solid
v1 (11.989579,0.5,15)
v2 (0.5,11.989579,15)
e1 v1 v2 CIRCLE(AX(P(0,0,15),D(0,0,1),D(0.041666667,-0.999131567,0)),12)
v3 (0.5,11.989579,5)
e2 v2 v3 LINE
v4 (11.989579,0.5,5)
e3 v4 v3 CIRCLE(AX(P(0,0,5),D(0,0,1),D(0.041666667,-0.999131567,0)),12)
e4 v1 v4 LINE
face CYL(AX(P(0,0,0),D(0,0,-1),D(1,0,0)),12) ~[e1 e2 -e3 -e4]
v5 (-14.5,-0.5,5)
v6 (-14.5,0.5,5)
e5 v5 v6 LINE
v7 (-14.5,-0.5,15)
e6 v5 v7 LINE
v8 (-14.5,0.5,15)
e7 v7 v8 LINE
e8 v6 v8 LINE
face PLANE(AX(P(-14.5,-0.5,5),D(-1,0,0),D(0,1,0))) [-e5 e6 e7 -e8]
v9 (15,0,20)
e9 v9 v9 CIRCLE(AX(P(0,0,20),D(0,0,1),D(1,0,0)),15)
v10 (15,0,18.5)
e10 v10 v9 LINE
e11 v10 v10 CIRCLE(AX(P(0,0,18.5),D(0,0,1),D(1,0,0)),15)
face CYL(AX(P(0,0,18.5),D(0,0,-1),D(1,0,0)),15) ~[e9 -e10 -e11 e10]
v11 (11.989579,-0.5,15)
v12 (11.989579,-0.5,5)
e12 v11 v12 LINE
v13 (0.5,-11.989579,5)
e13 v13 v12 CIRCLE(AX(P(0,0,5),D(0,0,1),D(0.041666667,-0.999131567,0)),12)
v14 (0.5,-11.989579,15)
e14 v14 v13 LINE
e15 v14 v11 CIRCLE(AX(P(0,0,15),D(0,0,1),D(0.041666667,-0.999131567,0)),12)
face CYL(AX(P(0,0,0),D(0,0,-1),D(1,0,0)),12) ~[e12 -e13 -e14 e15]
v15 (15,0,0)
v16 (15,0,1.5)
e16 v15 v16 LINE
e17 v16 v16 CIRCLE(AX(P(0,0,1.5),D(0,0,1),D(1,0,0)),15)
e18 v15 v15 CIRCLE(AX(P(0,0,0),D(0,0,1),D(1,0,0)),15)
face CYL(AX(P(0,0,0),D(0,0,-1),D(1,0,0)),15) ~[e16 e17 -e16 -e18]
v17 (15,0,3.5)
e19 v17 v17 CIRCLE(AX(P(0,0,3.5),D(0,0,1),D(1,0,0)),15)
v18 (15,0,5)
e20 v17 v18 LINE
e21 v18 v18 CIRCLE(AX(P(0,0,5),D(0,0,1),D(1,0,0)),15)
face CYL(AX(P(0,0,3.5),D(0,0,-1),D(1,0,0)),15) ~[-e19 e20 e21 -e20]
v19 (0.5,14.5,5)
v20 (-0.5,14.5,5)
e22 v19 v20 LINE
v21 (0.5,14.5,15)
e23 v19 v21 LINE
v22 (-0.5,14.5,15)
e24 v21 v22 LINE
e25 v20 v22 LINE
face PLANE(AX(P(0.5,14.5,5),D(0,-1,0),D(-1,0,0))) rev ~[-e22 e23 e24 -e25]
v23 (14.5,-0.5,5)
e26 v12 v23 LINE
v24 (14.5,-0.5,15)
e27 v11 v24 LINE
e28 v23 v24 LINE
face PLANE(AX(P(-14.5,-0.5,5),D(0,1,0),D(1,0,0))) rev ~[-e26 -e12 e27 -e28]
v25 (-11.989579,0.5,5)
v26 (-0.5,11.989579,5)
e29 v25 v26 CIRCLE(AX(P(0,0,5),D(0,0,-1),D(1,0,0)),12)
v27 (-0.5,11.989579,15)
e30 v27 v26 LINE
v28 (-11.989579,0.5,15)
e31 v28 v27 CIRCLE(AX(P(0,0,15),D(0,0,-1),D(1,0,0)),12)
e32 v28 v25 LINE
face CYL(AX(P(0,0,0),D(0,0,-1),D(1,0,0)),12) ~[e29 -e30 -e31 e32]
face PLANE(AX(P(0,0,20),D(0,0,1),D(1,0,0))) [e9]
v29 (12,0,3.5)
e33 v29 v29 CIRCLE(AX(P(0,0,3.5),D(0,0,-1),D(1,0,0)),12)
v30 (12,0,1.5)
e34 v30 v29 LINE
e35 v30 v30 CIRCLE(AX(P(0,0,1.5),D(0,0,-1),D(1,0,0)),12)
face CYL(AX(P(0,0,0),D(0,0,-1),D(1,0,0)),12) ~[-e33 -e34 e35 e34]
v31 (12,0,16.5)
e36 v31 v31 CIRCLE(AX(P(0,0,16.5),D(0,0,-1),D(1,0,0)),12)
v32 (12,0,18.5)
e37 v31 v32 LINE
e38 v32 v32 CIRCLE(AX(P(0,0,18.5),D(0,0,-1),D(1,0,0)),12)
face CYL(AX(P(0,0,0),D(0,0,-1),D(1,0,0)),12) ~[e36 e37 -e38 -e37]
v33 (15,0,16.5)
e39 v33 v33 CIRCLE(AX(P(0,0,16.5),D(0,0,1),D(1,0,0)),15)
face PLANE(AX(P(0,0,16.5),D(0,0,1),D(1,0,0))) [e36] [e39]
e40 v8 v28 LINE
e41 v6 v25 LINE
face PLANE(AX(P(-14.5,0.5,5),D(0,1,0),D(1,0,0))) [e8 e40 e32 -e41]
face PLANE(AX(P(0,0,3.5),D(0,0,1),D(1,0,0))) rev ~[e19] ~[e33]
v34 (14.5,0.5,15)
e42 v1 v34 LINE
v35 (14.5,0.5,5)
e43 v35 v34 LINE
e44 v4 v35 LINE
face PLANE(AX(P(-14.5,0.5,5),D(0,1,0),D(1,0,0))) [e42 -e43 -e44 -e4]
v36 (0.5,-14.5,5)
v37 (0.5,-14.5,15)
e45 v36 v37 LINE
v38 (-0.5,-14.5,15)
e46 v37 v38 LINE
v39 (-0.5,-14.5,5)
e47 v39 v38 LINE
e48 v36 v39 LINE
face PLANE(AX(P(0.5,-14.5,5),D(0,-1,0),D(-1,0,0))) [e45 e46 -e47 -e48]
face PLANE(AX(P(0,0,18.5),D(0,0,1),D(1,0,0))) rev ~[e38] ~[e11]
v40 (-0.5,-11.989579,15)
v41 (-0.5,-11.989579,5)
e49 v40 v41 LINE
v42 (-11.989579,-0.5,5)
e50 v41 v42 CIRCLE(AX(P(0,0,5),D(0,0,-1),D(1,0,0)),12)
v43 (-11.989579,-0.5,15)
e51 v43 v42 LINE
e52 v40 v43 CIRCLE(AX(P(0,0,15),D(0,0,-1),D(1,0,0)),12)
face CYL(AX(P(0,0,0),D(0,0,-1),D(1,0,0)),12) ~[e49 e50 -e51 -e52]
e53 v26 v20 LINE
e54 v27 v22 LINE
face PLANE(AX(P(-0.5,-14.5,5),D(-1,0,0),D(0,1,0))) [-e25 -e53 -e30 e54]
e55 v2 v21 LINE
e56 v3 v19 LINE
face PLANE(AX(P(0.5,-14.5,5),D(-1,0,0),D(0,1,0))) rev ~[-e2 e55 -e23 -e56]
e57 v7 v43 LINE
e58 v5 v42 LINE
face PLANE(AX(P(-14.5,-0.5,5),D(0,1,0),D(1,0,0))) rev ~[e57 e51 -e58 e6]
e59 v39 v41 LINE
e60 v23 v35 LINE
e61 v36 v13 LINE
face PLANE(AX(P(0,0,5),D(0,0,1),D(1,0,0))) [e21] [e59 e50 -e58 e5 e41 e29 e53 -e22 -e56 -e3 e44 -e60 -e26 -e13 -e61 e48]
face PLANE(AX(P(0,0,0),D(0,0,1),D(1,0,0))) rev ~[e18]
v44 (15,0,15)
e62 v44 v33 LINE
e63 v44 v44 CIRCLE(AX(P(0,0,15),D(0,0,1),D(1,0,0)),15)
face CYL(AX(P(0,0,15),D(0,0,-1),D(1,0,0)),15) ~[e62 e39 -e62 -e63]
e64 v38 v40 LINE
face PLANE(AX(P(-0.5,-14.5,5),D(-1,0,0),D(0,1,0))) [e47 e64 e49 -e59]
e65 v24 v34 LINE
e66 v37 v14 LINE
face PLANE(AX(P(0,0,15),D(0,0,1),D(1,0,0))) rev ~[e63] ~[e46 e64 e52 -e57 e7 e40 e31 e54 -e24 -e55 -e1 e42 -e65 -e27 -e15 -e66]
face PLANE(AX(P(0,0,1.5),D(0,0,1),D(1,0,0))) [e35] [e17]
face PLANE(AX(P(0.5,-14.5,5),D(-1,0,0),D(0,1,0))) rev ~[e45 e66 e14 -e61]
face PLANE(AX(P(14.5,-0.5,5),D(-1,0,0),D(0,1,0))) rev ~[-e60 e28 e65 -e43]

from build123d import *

# Parameters (mm, degrees)
CYLINDER_R               = 12
CYLINDER_DEPTH           = 20
CYLINDER001_R            = 15
CYLINDER001_DEPTH        = 1.5
CYLINDER002_R            = 15
CYLINDER002_DEPTH        = 1.5
CYLINDER003_R            = 15
CYLINDER003_DEPTH        = 1.5
CYLINDER004_R            = 15
CYLINDER004_DEPTH        = 1.5
BOX_W                    = 29
BOX_H                    = 1
BOX_DEPTH                = 10
BOX001_W                 = 29
BOX001_H                 = 1
BOX001_DEPTH             = 10
COMPOUND_PLACEMENT_ANGLE = 90


with BuildPart() as cylinder:
    # Cylinder → Cylinder (new body)
    with BuildSketch(Plane.XY):
        Circle(CYLINDER_R)
    extrude(amount=CYLINDER_DEPTH)


with BuildPart() as cylinder001:
    # Cylinder001 → Cylinder001 (new body)
    with BuildSketch(Plane.XY):
        Circle(CYLINDER001_R)
    extrude(amount=CYLINDER001_DEPTH)


with BuildPart() as cylinder002:
    # Cylinder002 → Cylinder002 (new body)
    with BuildSketch(Plane.XY.offset(3.5)):
        Circle(CYLINDER002_R)
    extrude(amount=CYLINDER002_DEPTH)


with BuildPart() as cylinder003:
    # Cylinder003 → Cylinder003 (new body)
    with BuildSketch(Plane.XY.offset(18.5)):
        Circle(CYLINDER003_R)
    extrude(amount=CYLINDER003_DEPTH)


with BuildPart() as cylinder004:
    # Cylinder004 → Cylinder004 (new body)
    with BuildSketch(Plane.XY.offset(15)):
        Circle(CYLINDER004_R)
    extrude(amount=CYLINDER004_DEPTH)


with BuildPart() as cube:
    # Box → Box (new body)
    with BuildSketch(Plane(origin=(-14.5, -0.5, 5), x_dir=(1, 0, 0), z_dir=(0, 0, 1))):
        with Locations((14.5, 0.5)):
            Rectangle(BOX_W, BOX_H)
    extrude(amount=BOX_DEPTH)


with BuildPart() as basewheel_hollowsides:
    # Box001 → Box001 (new body)
    with BuildSketch(Plane(origin=(-14.5, -0.5, 5), x_dir=(1, 0, 0), z_dir=(0, 0, 1))):
        with Locations((14.5, 0.5)):
            Rectangle(BOX001_W, BOX001_H)
    extrude(amount=BOX001_DEPTH)


with BuildPart() as basewheel_hollowsides_1:
    # Compound placement: moved
    add(basewheel_hollowsides.part.rotate(Axis((0, 0, 0), (0, 0, 1)), COMPOUND_PLACEMENT_ANGLE))

    # Fusion: union Cylinder, Cylinder001, Cylinder002, Cylinder003, Cylinder004, Cube
    add(cylinder.part)
    add(cylinder001.part)
    add(cylinder002.part)
    add(cylinder003.part)
    add(cylinder004.part)
    add(cube.part)


solid = basewheel_hollowsides_1.part
